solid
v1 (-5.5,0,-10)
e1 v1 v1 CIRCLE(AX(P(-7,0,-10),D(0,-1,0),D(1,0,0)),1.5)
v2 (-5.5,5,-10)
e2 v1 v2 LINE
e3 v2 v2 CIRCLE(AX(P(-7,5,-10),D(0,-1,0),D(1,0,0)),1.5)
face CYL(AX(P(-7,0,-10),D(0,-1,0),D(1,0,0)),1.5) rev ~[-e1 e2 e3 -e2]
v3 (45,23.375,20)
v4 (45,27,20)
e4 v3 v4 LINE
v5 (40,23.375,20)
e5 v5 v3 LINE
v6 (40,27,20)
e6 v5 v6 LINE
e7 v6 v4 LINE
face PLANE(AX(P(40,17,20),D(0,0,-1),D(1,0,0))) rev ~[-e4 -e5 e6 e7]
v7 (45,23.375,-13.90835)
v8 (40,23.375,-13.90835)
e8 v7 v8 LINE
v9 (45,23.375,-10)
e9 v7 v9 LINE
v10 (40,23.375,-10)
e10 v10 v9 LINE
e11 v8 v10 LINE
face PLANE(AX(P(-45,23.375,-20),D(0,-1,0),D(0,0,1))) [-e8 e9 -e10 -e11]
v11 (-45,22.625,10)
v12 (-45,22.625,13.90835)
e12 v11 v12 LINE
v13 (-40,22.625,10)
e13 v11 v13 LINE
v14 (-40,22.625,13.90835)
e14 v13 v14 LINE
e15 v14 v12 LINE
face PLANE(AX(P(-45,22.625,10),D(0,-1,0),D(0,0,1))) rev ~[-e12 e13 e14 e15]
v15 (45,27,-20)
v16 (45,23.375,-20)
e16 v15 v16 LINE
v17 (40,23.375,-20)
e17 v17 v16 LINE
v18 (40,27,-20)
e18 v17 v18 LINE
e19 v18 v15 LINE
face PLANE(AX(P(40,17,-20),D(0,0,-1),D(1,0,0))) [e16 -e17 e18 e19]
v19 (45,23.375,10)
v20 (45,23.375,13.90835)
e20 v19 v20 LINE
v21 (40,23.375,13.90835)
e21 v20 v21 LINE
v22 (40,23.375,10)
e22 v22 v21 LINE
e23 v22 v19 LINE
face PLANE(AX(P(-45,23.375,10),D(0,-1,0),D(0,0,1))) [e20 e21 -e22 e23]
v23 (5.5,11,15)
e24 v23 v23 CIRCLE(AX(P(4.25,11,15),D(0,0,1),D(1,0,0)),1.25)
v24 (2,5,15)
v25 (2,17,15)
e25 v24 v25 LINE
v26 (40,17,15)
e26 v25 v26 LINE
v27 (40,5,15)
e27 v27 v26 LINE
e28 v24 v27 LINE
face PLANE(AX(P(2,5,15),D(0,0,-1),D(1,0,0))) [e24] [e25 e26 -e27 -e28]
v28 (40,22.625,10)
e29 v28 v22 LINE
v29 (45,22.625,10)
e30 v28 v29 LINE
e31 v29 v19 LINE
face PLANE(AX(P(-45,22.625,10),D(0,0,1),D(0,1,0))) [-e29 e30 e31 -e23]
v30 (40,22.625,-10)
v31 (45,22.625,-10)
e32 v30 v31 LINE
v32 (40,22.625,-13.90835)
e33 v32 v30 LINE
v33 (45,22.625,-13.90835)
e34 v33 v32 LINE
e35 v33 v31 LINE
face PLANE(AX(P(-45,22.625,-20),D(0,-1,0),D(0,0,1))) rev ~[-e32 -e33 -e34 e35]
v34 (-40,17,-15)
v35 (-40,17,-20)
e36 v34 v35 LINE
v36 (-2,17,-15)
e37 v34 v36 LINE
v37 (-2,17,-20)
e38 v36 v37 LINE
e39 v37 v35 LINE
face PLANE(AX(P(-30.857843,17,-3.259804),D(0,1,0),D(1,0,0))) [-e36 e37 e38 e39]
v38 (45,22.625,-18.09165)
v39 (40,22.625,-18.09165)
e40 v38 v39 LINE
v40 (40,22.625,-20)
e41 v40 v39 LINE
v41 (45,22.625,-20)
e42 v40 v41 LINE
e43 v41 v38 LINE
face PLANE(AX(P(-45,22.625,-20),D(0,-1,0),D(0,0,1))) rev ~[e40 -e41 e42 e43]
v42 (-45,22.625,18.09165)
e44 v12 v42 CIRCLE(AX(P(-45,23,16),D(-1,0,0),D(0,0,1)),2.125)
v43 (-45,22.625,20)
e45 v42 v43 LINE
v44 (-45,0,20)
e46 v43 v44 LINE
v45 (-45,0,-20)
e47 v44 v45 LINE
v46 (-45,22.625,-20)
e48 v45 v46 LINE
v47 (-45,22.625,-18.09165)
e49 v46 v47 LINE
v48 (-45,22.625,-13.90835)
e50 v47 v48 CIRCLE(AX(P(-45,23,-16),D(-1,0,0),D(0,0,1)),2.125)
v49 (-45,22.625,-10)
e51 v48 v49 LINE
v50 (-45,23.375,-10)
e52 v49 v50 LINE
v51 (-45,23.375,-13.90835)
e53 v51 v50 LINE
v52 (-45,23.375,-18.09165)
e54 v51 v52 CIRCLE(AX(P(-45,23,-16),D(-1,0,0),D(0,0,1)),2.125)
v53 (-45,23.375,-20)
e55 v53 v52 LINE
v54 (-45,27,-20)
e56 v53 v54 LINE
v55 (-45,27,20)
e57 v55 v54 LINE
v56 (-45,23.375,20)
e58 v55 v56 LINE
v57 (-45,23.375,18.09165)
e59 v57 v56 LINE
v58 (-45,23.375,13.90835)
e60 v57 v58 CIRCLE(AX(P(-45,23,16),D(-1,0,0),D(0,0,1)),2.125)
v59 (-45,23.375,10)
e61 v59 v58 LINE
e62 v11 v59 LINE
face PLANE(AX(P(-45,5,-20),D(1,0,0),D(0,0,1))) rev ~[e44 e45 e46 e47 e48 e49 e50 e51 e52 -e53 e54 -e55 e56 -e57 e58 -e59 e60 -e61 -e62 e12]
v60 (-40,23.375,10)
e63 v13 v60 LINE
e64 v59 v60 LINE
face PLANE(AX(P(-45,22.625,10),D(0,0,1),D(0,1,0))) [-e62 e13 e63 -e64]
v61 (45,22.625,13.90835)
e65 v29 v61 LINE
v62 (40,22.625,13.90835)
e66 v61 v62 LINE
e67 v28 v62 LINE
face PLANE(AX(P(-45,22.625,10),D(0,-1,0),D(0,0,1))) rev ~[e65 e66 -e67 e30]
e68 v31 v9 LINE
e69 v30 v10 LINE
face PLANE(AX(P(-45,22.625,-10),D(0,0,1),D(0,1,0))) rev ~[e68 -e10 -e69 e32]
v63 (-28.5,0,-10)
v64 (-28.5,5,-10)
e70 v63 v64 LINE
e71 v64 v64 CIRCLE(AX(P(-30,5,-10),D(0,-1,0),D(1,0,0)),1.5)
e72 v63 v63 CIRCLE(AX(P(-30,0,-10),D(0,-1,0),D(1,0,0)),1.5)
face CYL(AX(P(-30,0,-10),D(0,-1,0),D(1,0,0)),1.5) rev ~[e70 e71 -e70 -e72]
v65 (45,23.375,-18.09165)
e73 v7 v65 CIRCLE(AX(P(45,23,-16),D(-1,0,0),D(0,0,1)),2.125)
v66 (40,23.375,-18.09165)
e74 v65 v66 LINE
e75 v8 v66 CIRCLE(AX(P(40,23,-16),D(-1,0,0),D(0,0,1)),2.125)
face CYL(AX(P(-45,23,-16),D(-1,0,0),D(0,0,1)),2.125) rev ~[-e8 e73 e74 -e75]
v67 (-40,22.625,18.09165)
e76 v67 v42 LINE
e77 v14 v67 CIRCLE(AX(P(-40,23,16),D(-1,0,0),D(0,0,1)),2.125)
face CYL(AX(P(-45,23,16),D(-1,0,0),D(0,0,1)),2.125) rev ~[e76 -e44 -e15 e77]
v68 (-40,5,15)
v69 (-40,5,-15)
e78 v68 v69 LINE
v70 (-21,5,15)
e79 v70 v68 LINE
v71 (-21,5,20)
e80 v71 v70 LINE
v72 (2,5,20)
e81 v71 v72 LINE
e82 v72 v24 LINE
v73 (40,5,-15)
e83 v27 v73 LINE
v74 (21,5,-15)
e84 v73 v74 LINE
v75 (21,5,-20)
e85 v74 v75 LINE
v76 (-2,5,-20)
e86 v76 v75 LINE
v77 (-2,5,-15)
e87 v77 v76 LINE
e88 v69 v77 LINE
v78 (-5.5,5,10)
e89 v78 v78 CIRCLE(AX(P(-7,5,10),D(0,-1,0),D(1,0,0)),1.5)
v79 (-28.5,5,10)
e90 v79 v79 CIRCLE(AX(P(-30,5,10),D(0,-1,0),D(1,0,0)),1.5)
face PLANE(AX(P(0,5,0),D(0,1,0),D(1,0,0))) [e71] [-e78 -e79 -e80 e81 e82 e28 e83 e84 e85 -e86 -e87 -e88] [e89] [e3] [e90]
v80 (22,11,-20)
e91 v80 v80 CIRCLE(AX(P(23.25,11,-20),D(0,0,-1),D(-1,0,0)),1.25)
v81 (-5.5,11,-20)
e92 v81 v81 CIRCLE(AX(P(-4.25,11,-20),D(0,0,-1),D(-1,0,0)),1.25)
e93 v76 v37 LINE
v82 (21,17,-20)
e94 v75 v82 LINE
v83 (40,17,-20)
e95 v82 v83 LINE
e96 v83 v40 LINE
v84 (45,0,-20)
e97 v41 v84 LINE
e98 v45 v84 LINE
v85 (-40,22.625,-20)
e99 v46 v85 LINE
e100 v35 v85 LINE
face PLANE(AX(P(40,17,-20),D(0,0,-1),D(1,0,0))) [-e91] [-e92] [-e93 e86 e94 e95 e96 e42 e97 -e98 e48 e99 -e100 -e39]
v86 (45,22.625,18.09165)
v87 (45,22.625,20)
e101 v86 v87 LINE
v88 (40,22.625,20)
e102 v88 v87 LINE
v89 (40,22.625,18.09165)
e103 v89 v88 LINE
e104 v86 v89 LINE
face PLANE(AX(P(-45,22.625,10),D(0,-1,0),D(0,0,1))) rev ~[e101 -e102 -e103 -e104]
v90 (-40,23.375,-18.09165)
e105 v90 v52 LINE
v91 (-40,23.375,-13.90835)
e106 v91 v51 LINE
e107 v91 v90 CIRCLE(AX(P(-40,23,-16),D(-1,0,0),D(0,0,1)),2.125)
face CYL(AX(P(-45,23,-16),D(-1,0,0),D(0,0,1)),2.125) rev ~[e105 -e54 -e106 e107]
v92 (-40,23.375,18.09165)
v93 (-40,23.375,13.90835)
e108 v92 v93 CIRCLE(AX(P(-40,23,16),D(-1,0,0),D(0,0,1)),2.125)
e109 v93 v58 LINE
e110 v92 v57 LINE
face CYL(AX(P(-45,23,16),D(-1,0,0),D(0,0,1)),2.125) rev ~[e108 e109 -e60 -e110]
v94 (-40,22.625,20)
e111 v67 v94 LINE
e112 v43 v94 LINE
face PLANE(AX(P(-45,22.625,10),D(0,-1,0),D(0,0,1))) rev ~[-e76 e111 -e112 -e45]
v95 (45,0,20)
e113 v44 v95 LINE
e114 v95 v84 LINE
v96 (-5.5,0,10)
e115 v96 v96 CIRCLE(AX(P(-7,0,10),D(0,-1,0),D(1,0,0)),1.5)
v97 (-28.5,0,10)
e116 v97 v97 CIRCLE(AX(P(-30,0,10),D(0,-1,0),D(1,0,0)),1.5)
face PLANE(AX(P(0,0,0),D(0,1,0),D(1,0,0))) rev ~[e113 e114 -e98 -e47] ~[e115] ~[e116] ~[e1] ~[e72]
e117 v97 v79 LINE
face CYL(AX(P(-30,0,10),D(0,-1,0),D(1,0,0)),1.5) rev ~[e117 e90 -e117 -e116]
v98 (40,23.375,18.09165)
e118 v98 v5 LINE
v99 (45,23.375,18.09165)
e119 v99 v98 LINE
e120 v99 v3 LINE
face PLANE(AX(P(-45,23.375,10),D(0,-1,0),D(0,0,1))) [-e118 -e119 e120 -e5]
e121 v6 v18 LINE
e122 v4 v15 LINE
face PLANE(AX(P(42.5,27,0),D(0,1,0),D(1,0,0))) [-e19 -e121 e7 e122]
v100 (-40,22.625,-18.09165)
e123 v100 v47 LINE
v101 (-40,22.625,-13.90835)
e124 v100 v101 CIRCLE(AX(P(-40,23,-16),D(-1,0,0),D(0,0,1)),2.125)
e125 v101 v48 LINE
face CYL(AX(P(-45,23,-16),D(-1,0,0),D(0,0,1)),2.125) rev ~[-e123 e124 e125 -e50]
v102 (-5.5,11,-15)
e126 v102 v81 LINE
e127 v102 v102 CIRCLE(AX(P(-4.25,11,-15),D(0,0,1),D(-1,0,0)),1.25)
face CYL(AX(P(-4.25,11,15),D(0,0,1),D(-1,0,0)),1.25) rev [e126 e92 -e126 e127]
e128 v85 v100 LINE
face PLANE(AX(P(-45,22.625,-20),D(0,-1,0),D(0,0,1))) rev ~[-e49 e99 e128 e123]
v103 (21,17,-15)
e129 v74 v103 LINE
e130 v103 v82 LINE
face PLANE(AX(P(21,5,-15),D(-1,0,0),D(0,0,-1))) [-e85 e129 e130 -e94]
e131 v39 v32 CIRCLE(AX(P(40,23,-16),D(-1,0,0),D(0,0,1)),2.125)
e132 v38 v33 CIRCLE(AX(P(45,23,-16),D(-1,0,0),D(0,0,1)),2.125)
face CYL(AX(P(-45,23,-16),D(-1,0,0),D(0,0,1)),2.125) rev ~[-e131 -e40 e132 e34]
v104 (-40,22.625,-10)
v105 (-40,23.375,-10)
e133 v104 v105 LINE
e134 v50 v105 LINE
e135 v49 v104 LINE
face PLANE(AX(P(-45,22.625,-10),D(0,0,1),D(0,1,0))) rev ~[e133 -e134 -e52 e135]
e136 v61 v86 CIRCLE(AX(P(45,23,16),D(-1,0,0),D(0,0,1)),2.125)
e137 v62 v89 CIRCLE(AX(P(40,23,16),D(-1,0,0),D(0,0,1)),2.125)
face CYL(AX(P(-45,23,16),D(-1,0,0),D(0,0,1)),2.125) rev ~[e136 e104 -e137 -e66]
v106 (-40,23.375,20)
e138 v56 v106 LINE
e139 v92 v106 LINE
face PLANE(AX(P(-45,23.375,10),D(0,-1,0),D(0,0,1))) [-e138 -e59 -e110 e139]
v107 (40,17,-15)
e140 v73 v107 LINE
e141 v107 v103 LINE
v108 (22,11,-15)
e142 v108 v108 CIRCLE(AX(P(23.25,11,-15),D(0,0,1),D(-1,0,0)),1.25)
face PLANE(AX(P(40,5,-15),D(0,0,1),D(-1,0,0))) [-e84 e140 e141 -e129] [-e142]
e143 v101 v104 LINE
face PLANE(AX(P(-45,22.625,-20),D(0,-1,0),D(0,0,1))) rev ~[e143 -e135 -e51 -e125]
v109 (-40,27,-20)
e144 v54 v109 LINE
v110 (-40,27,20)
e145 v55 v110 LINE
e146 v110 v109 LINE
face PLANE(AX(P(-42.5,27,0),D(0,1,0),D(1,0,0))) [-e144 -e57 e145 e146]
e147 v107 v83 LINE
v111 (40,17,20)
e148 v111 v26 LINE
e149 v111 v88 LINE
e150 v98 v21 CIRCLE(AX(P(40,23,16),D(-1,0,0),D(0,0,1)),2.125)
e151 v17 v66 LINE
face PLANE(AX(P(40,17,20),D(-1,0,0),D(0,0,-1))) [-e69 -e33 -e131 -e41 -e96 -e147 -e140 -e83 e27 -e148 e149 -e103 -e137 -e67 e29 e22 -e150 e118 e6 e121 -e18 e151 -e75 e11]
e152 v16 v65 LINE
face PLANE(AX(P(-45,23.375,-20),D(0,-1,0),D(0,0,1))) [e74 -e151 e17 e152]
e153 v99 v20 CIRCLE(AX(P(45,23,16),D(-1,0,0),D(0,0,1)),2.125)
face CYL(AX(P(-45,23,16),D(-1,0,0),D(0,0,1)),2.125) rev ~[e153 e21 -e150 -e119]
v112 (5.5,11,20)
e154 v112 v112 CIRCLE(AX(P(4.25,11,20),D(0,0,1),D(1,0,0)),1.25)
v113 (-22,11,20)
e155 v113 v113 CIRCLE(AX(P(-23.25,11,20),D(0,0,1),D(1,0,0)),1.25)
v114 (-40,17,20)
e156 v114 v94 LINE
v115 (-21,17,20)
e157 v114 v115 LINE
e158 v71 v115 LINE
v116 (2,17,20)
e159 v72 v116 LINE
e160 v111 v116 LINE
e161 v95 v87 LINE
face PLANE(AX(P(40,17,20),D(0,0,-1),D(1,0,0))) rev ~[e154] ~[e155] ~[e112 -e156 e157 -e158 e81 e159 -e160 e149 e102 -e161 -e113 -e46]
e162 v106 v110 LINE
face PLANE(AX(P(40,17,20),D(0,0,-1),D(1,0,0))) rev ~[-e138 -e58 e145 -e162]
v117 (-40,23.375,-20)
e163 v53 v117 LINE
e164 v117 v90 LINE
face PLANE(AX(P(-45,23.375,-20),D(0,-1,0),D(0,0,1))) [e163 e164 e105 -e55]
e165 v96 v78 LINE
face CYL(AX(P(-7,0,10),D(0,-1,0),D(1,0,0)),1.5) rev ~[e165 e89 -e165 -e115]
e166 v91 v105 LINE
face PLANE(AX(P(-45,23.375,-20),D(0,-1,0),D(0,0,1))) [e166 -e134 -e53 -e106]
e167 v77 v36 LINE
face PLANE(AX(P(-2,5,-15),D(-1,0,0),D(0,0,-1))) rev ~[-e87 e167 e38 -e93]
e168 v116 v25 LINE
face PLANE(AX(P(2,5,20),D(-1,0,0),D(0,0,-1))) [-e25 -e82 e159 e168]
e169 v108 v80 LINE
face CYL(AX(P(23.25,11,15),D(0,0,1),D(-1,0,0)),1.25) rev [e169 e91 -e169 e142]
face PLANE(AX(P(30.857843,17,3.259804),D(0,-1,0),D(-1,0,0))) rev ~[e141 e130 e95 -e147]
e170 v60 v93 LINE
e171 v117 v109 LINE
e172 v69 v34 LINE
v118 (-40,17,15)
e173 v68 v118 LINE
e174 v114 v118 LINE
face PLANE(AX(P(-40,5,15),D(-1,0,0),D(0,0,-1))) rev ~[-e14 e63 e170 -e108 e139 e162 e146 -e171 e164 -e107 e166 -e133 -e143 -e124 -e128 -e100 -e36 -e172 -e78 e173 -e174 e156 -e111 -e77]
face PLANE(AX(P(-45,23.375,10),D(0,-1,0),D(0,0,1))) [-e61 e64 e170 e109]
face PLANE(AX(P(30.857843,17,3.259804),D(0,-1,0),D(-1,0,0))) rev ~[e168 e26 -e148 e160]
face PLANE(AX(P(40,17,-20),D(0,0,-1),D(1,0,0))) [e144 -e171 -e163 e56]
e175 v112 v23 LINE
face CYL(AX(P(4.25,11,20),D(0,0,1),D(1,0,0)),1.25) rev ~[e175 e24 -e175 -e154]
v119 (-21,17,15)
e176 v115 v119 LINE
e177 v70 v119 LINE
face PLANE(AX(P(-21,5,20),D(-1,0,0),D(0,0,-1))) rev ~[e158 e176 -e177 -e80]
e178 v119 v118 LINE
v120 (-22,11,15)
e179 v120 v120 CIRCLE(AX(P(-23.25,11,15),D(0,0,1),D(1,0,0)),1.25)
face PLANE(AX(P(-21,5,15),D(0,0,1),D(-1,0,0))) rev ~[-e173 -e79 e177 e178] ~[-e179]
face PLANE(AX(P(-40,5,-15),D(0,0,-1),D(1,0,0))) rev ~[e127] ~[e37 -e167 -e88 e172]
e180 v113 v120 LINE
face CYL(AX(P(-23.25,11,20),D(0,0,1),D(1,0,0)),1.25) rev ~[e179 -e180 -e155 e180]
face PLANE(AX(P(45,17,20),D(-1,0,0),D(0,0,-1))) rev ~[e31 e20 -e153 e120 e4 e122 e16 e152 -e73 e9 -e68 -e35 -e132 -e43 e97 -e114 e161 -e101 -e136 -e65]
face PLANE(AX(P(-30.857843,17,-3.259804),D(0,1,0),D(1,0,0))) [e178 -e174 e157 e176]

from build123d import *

# Parameters (mm, degrees)
SKETCH1_W           = 90
SKETCH1_H           = 40
BOSS_EXTRUDE1_DEPTH = 5
BOSS_EXTRUDE2_DEPTH = 12
SKETCH3_W           = 5
SKETCH3_H           = 40
BOSS_EXTRUDE3_DEPTH = 10
SKETCH5_R           = 2.125
CUT_EXTRUDE1_DEPTH  = 91
SKETCH7_R           = 1.25
CUT_EXTRUDE3_DEPTH  = 35
SKETCH8_W           = 10
SKETCH8_H           = 0.75
CUT_EXTRUDE4_DEPTH  = 91
SKETCH12_R          = 1.5
CUT_EXTRUDE6_DEPTH  = 28
SKETCH13_R          = 1.25
CUT_EXTRUDE7_DEPTH  = 5


with BuildPart() as part:
    # Sketch1 → Boss-Extrude1 (new body)
    with BuildSketch(Plane(origin=(0, 0, 0), x_dir=(1, 0, 0), z_dir=(0, 1, 0))):
        Rectangle(SKETCH1_W, SKETCH1_H)
    extrude(amount=BOSS_EXTRUDE1_DEPTH)

    # Sketch2 → Boss-Extrude2 (add)
    with BuildSketch(Plane(origin=(0, 5, 0), x_dir=(1, 0, 0), z_dir=(0, 1, 0))):
        Polygon((-21, -20), (-21, -15), (-40, -15), (-40, 15), (-2, 15), (-2, 20), (-45, 20), (-45, -20), align=None)
        Polygon((2, -15), (40, -15), (40, 15), (21, 15), (21, 20), (45, 20), (45, -20), (2, -20), align=None)
    extrude(amount=BOSS_EXTRUDE2_DEPTH)

    # Sketch3 → Boss-Extrude3 (add)
    with BuildSketch(Plane(origin=(0, 17, 0), x_dir=(1, 0, 0), z_dir=(0, 1, 0))):
        with Locations((42.5, 0)):
            Rectangle(SKETCH3_W, SKETCH3_H)
        with Locations((-42.5, 0)):
            Rectangle(SKETCH3_W, SKETCH3_H)
    extrude(amount=BOSS_EXTRUDE3_DEPTH)

    # Sketch5 → Cut-Extrude1 (cut, through all)
    with BuildSketch(Plane.ZY.offset(45)):
        with Locations((16, 23)):
            Circle(SKETCH5_R)
        with Locations((-16, 23)):
            Circle(SKETCH5_R)
    extrude(amount=-CUT_EXTRUDE1_DEPTH, mode=Mode.SUBTRACT)

    # Sketch7 → Cut-Extrude3 (cut)
    with BuildSketch(Plane(origin=(0, 0, 15), x_dir=(-1, 0, 0), z_dir=(0, 0, -1))):
        with Locations((-23.25, 11)):
            Circle(SKETCH7_R)
        with Locations((4.25, 11)):
            Circle(SKETCH7_R)
    extrude(amount=CUT_EXTRUDE3_DEPTH, mode=Mode.SUBTRACT)

    # Sketch8 → Cut-Extrude4 (cut, through all)
    with BuildSketch(Plane.ZY.offset(45)):
        with Locations((15, 23)):
            Rectangle(SKETCH8_W, SKETCH8_H)
        with Locations((-15, 23)):
            Rectangle(SKETCH8_W, SKETCH8_H)
    extrude(amount=-CUT_EXTRUDE4_DEPTH, mode=Mode.SUBTRACT)

    # Sketch12 → Cut-Extrude6 (cut, through all)
    with BuildSketch(Plane.XZ):
        with Locations((-30, 10)):
            Circle(SKETCH12_R)
        with Locations((-30, -10)):
            Circle(SKETCH12_R)
        with Locations((-7, 10)):
            Circle(SKETCH12_R)
        with Locations((-7, -10)):
            Circle(SKETCH12_R)
    extrude(amount=-CUT_EXTRUDE6_DEPTH, mode=Mode.SUBTRACT)

    # Sketch13 → Cut-Extrude7 (cut)
    with BuildSketch(Plane.XY.offset(20)):
        with Locations((-23.25, 11)):
            Circle(SKETCH13_R)
        with Locations((4.25, 11)):
            Circle(SKETCH13_R)
    extrude(amount=-CUT_EXTRUDE7_DEPTH, mode=Mode.SUBTRACT)


solid = part.part
